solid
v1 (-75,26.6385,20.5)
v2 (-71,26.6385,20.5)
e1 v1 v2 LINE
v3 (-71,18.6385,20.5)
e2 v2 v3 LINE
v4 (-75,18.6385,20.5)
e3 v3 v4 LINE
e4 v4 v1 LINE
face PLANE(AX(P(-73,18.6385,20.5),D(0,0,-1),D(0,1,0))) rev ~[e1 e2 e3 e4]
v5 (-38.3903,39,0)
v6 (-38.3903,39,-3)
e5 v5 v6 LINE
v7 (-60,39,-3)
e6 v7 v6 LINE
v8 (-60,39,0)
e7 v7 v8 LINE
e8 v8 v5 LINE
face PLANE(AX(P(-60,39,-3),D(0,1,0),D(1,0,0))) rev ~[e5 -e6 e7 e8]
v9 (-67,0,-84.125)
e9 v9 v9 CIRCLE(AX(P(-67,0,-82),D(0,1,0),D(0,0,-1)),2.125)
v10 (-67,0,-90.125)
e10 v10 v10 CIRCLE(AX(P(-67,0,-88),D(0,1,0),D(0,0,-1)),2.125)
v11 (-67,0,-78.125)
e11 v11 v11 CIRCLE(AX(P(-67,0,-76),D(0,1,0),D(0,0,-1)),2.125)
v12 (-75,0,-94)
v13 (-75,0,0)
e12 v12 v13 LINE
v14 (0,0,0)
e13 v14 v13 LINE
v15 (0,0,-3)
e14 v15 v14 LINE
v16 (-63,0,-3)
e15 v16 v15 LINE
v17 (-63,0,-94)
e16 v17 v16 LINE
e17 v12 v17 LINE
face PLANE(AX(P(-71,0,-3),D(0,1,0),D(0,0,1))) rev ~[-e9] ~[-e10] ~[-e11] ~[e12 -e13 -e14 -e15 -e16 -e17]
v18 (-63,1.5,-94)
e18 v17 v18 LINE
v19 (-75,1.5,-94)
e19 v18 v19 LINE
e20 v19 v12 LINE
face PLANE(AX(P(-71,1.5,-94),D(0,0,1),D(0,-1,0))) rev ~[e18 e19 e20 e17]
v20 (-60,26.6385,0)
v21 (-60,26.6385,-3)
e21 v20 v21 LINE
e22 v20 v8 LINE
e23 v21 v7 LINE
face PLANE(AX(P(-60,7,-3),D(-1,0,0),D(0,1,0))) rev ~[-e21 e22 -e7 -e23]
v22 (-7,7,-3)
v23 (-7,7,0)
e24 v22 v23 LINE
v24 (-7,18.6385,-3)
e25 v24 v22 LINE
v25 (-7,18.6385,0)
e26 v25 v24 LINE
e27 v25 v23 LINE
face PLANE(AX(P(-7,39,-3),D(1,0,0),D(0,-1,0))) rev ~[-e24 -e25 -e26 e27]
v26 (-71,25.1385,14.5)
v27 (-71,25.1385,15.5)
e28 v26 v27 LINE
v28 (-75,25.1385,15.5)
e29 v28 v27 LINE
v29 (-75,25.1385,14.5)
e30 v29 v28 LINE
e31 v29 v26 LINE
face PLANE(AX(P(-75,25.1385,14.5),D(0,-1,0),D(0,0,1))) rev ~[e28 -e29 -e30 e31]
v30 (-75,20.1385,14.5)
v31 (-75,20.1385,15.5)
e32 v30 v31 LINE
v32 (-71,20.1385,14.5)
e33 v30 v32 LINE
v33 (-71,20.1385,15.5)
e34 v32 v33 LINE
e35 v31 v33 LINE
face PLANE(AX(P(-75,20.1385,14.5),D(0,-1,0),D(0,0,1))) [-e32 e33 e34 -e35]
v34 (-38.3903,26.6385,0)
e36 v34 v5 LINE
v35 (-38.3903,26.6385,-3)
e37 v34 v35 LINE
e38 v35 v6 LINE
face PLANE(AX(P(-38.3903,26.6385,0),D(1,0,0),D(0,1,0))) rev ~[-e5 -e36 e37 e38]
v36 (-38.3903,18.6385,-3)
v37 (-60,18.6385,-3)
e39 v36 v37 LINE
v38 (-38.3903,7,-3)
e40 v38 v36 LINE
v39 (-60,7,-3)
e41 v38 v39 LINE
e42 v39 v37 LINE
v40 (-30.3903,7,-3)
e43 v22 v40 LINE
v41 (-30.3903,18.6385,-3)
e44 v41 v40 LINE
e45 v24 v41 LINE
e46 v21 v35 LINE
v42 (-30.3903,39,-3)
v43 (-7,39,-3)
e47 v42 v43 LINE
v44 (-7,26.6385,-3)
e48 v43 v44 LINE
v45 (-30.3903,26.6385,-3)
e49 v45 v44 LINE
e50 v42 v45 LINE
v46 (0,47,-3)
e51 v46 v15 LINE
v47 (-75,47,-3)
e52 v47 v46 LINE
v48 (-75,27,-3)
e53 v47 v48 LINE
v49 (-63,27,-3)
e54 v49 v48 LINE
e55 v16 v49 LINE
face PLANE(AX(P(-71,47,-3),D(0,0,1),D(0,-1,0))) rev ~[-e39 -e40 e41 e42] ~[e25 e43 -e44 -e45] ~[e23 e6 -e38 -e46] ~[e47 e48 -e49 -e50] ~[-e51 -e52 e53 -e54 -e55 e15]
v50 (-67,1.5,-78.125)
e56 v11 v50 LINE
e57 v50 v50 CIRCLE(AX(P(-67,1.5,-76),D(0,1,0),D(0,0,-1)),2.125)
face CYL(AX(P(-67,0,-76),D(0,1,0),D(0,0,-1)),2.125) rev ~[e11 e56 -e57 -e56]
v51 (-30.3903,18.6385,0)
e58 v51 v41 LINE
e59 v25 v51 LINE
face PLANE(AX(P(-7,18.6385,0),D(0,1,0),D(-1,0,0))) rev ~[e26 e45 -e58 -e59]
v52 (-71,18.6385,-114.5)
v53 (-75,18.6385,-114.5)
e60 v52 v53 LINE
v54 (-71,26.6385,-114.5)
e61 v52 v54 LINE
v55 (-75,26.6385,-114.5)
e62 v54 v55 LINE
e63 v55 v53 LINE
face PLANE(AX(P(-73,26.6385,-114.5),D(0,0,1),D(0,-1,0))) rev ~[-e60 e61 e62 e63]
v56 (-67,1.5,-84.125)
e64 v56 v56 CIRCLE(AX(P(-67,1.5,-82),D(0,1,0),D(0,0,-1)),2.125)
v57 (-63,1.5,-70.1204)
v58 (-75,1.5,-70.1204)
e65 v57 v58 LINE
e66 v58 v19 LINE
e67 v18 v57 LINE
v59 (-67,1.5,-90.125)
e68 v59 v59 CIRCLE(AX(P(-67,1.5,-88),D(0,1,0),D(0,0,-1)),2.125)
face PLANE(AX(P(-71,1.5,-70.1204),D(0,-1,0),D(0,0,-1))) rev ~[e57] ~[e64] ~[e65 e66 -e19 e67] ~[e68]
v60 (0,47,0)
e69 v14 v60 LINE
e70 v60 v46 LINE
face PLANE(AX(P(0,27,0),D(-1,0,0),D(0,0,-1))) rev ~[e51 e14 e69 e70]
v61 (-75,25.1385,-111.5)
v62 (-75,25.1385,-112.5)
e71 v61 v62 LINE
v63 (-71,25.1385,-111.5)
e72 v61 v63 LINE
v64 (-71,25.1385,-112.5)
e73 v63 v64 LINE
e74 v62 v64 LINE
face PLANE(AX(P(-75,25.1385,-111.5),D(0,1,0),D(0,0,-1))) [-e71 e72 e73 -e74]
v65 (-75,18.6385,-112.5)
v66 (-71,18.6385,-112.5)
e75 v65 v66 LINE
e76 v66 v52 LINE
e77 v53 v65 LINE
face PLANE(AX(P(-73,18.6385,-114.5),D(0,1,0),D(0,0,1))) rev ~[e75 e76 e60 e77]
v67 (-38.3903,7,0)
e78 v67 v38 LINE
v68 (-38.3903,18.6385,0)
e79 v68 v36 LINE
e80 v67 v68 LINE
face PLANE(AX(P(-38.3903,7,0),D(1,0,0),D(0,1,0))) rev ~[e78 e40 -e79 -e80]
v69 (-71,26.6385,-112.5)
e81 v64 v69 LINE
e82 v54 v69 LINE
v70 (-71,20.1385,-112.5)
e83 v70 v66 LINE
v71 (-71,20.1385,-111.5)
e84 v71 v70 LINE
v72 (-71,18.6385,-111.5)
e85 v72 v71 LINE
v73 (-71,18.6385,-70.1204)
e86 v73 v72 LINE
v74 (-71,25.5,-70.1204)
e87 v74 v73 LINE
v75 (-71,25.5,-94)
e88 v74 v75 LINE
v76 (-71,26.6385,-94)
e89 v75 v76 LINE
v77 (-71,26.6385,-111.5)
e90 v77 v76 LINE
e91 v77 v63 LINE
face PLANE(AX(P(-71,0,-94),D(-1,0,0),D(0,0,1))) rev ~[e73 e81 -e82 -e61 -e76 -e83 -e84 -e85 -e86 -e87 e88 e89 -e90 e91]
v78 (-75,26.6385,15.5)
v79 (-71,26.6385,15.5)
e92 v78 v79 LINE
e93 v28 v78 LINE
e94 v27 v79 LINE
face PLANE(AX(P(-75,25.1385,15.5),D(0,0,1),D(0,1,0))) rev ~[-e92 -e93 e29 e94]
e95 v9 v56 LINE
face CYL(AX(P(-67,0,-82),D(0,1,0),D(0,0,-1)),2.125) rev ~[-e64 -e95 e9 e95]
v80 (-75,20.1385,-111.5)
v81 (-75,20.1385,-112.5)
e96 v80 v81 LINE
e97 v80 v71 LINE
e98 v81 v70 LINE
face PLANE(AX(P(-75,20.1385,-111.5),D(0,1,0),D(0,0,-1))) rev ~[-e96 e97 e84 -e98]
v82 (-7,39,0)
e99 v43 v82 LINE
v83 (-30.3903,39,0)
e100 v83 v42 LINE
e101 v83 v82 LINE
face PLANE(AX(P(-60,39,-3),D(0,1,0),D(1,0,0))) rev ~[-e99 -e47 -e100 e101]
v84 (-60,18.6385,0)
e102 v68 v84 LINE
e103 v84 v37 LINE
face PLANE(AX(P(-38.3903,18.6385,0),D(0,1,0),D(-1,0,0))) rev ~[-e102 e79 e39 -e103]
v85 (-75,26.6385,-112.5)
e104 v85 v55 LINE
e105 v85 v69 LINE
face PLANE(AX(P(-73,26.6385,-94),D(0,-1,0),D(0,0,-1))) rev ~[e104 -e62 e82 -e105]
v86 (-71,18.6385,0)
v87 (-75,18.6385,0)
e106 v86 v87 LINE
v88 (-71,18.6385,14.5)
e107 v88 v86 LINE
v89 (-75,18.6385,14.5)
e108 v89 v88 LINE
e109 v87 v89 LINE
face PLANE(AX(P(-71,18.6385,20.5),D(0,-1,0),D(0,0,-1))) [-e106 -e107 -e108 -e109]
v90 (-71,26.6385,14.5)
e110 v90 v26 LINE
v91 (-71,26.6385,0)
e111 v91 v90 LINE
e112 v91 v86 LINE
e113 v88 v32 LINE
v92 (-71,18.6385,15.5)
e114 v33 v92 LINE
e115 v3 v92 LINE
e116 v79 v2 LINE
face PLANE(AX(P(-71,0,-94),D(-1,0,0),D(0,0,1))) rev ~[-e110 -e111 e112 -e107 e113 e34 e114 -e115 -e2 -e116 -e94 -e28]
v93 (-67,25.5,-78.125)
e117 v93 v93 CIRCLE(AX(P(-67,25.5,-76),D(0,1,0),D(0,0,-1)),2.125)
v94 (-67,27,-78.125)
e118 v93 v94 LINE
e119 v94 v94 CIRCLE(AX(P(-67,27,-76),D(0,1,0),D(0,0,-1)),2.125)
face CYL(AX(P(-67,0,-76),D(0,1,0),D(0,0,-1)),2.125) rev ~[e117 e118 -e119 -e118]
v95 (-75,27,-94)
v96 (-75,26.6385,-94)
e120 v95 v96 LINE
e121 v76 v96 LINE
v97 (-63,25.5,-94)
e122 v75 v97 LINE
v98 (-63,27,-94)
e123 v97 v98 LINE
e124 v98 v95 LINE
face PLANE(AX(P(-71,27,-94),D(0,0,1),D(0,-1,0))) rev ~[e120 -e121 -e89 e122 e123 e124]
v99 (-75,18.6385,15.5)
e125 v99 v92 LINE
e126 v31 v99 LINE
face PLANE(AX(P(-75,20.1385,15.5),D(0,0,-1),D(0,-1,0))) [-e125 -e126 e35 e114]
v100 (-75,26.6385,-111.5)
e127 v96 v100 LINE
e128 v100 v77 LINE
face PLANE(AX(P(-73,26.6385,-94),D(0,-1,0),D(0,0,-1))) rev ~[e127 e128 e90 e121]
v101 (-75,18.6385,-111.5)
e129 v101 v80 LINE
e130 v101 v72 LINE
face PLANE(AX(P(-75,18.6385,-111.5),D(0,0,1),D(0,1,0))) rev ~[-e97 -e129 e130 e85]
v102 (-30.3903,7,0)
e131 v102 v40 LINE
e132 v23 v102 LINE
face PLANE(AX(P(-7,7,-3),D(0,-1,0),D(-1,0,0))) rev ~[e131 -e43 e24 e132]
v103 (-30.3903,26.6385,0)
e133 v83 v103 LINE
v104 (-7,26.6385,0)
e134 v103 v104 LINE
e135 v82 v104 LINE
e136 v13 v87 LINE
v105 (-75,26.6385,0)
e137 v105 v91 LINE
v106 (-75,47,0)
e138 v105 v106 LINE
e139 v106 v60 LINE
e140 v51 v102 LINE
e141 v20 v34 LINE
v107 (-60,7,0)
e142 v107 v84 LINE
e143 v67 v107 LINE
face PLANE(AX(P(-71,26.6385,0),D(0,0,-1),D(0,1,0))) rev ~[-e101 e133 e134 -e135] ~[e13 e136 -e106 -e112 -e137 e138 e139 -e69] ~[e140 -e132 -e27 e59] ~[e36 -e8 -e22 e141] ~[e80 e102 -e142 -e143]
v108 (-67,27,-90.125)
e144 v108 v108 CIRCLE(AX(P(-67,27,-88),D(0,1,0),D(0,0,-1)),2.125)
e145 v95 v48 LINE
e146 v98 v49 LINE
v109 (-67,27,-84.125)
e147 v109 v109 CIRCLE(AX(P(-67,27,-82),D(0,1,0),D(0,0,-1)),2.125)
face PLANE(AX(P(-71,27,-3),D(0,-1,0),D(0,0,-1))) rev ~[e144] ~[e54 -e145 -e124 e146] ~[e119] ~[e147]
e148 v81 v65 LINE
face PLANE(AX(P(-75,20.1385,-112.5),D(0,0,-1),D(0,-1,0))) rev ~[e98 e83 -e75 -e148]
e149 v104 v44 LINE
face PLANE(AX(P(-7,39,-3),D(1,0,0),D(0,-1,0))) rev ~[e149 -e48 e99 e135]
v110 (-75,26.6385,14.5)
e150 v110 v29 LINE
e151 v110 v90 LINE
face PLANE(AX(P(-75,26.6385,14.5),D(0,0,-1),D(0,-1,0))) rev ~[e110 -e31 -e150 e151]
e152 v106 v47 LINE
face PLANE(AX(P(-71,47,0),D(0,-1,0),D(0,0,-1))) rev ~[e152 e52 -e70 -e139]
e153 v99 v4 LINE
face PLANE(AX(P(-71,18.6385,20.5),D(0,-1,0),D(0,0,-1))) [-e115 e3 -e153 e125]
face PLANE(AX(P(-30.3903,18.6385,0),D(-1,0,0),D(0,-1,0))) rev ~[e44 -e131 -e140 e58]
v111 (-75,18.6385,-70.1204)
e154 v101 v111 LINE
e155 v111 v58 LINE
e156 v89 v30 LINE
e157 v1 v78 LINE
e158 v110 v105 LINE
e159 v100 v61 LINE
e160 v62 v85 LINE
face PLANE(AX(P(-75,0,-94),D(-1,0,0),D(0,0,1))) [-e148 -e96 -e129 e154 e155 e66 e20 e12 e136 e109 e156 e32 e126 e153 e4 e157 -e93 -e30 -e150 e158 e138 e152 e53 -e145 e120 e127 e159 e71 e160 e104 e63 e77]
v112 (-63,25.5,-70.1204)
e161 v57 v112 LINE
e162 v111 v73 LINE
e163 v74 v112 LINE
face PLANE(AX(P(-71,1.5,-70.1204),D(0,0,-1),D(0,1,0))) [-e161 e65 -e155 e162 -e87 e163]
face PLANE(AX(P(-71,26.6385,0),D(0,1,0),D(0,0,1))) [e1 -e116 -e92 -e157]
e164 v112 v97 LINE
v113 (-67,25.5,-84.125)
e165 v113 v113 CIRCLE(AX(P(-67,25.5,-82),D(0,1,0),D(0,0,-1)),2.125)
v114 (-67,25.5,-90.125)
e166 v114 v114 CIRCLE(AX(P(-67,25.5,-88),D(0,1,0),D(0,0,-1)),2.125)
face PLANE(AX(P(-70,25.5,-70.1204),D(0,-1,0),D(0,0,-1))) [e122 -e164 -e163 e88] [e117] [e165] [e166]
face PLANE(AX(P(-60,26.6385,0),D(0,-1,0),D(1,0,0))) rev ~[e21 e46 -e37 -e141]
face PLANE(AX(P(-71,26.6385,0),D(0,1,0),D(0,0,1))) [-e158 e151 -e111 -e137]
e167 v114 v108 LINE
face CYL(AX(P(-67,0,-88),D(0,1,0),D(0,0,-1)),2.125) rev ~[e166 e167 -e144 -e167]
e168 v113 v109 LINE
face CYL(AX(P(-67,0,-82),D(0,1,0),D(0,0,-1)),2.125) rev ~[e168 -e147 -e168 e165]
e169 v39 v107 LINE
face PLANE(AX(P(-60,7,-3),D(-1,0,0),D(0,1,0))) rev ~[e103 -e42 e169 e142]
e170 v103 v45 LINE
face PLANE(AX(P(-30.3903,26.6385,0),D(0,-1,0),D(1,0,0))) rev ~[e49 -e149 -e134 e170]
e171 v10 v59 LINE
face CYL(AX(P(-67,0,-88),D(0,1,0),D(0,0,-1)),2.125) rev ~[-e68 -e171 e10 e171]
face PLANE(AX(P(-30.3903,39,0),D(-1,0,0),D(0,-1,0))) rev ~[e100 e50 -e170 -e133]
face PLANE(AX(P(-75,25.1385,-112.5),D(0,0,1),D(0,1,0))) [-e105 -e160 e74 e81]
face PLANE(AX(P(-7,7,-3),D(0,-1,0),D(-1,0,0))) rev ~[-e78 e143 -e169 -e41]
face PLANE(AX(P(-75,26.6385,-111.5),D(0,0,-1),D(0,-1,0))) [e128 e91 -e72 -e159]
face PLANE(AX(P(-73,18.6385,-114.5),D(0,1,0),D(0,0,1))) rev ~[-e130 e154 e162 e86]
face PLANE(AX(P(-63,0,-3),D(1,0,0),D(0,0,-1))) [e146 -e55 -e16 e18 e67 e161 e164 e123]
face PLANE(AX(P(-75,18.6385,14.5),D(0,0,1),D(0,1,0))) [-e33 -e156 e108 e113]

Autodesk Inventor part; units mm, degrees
ref_plane "YZ Plane" through (0, 0, 0) normal (1, 0, 0) x (0, 1, 0)
ref_plane "XZ Plane" through (0, 0, 0) normal (0, 1, 0) x (-1, 0, 0)
ref_plane "XY Plane" through (0, 0, 0) normal (0, 0, 1) x (1, 0, 0)
sketch "Sketch3" plane through (0, 0, 0) normal (0, 1, 0) x (-1, 0, 0)
  line L0 (0, 0) -> (70, 0)
  line L1 (70, 0) -> (70, -70)
  line L2 (70, -70) -> (70, -94)
  line L3 (70, -94) -> (64, -94)
  line L4 (64, -94) -> (64, -70)
  line L5 (64, -3) -> (0, -3)
  line L6 (0, -3) -> (0, 0)
  line L7 (64, -70) -> (67, -70)
  line L8 (67, -70) -> (67, -3)
  line L9 (67, -3) -> (64, -3)
  circle A0 centre (67, -82) radius 2.125
  circle A1 centre (67, -76) radius 2.125
  circle A2 centre (67, -88) radius 2.125
  dimension "d26" = 70
  dimension "d27" = 70
  dimension "d29" = 6
  dimension "d55" = 4.25
  dimension "d56" = 4.25
  dimension "d57" = 4.25
  dimension "d59" = 6
  dimension "d60" = 6
  dimension "d61" = 6
extrude "Extrusion2" add sketch "Sketch3" along normal blind 27 contours L0 L1 L2 L3 L4 L7 L8 L9 L5 L6 | A0 | A1 | A2
sketch "Sketch4" plane through (0, 27, 0) normal (0, 1, 0) x (1, 0, 0)
  line L0 (-70, 0) -> (0, 0) projected
  line L1 (0, 0) -> (0, 3) projected
  line L2 (-70, 0) -> (0, 0)
  line L3 (0, 0) -> (0, 3)
  line L4 (0, 3) -> (-70, 3)
  line L5 (-70, 3) -> (-70, 0)
extrude "Extrusion3" add sketch "Sketch4" along normal blind 20
sketch "Sketch5" plane through (-70, 0, -94) normal (-1, 0, 0) x (0, 0, 1)
  line L0 (-0.1204, 1.5) -> (23.8796, 1.5)
  line L1 (23.8796, 1.5) -> (23.8796, 25.5)
  line L2 (23.8796, 25.5) -> (-0.1204, 25.5)
  line L3 (-0.1204, 25.5) -> (-0.1204, 1.5)
  line L4 (94, 0) -> (0, 0) projected
  dimension "d36" = 24
  dimension "d37" = 24
  dimension "d38" = 1.5
extrude "Extrusion4" cut sketch "Sketch5" against normal blind 10
sketch "Sketch9" plane through (0, 0, -3) normal (0, 0, -1) x (-1, 0, 0)
  line L0 (7, 7) -> (60, 7)
  line L1 (60, 7) -> (60, 39)
  line L2 (60, 39) -> (7, 39)
  line L3 (7, 39) -> (7, 7)
  line L4 (0, 0) -> (0, 47) projected
  line L5 (67, 0) -> (0, 0) projected
  dimension "d45" = 53
  dimension "d46" = 32
  dimension "d47" = 7
  dimension "d48" = 7
extrude "Extrusion5" cut sketch "Sketch9" against normal blind 10
sketch "Sketch10" plane through (-70, 0, 0) normal (0, 0, 1) x (1, 0, 0)
  line L0 (10, 39) -> (10, 7) projected
  line L1 (63, 7) -> (63, 39) projected
  line L2 (63, 26.6385) -> (63, 18.6385)
  line L3 (10, 18.6385) -> (10, 26.6385)
  line L4 (63, 39) -> (10, 39) projected
  line L5 (10, 7) -> (63, 7) projected
  line L6 (31.6097, 39) -> (39.6097, 39)
  line L7 (39.6097, 39) -> (39.6097, 7)
  line L8 (39.6097, 7) -> (31.6097, 7)
  line L9 (31.6097, 7) -> (31.6097, 18.6385)
  line L10 (31.6097, 26.6385) -> (31.6097, 39)
  line L11 (10, 26.6385) -> (31.6097, 26.6385)
  line L12 (39.6097, 26.6385) -> (63, 26.6385)
  line L13 (63, 18.6385) -> (39.6097, 18.6385)
  line L14 (31.6097, 18.6385) -> (10, 18.6385)
  point P0 (70, 0)
  dimension "d51" = 8
  dimension "d52" = 8
extrude "Extrusion6" add sketch "Sketch10" against normal blind 3 contours L11 L10 L4 L7 L5 L9 L14 L0 | L12 L1 L13 L7
sketch "Sketch11" plane through (0, 0, 0) normal (0, -1, 0) x (1, 0, 0)
  point P0 (0, 0)
sketch "Sketch12" plane through (0, 0, 0) normal (0, -1, 0) x (1, 0, 0)
  circle A0 centre (-67, -82) radius 2.125
  circle A1 centre (-67, -76) radius 2.125
  circle A2 centre (-67, -88) radius 2.125
  line L0 (-64, -70) -> (-67, -70) projected
  point P0 (0, 0)
  dimension "d62" = 4.25
  dimension "d63" = 4.25
  dimension "d64" = 4.25
  dimension "d65" = 6
  dimension "d66" = 6
  dimension "d67" = 6
hole "Hole2" at (-67, 0, -88) at (-67, 0, -82) at (-67, 0, -76) direction (0, 1, 0) diameter 4.25 end through all
sketch "Sketch15" plane through (-67, 0, -3) normal (1, 0, 0) x (0, 0, -1)
  line L0 (67, 0) -> (67, 27) projected
  line L1 (67, 0) -> (0, 0) projected
  line L2 (67, 0) -> (0, 0)
  line L3 (0, 0) -> (0, 27) projected
  line L4 (0, 0) -> (0, 27)
  line L5 (0, 27) -> (67, 27)
  line L6 (67.1204, 25.5) -> (67.1204, 1.5) projected
  line L7 (67.1204, 25.5) -> (67.1204, 1.5)
  line L8 (67.1204, 1.5) -> (67, 0)
  line L9 (67, 27) -> (67, 0)
  point P0 (-3, 0)
extrude "Extrusion7" add sketch "Sketch15" along normal blind 3
sketch "Sketch18" plane through (-64, 0, -3) normal (1, 0, 0) x (0, 0, -1)
  line L0 (0, 0) -> (0, 27) projected
  line L1 (0, 27) -> (0, 0)
  line L2 (91, 0) -> (0, 0) projected
  line L3 (0, 0) -> (91, 0)
  line L4 (91, 0) -> (91, 1.5) projected
  line L5 (91, 0) -> (91, 1.5)
  line L6 (67.1204, 1.5) -> (67.1204, 25.5) projected
  line L7 (91, 1.5) -> (67.1204, 1.5)
  line L8 (67.1204, 25.5) -> (67.1204, 1.5) projected
  line L9 (67.1204, 1.5) -> (67.1204, 25.5)
  line L10 (67.1204, 25.5) -> (91, 25.5) projected
  line L11 (67.1204, 25.5) -> (91, 25.5)
  line L12 (91, 27) -> (0, 27) projected
  line L13 (91, 25.5) -> (91, 27)
  line L14 (91, 27) -> (0, 27)
  point P0 (-3, 0)
extrude "Extrusion8" add sketch "Sketch18" along normal blind 1
sketch "Sketch19" plane through (-70, 0, -94) normal (-1, 0, 0) x (0, 0, 1)
  line L0 (94, 47) -> (94, 0)
  line L1 (91, 0) -> (0, 0) projected
  line L2 (94, 0) -> (0, 0)
  line L3 (0, 0) -> (0, 1.5) projected
  line L4 (0, 0) -> (0, 1.5)
  line L5 (23.8796, 25.5) -> (23.8796, 1.5) projected
  line L6 (0, 1.5) -> (23.8796, 1.5)
  line L7 (23.8796, 1.5) -> (23.8796, 25.5)
  line L8 (23.8796, 25.5) -> (0, 25.5) projected
  line L9 (23.8796, 25.5) -> (0, 25.5)
  line L10 (0, 27) -> (91, 27) projected
  line L11 (0, 25.5) -> (0, 27)
  line L12 (0, 27) -> (91, 27)
  line L13 (91, 27) -> (91, 47) projected
  line L14 (91, 27) -> (91, 47)
  line L15 (91, 47) -> (94, 47) projected
  line L16 (91, 47) -> (94, 47)
extrude "Extrusion9" add sketch "Sketch19" along normal blind 1
sketch "Sketch20" plane through (-71, 0, -94) normal (-1, 0, 0) x (0, 0, 1)
  line L0 (94, 26.6385) -> (94, 39) projected
  line L1 (94, 26.6385) -> (114.5, 26.6385)
  line L2 (114.5, 26.6385) -> (114.5, 18.6385)
  line L3 (94, 18.6385) -> (94, 7) projected
  line L4 (114.5, 18.6385) -> (94, 18.6385)
  line L5 (94, 18.6385) -> (0, 18.6385)
  line L6 (0, 18.6385) -> (-20.5, 18.6385)
  line L7 (-20.5, 18.6385) -> (-20.5, 26.6385)
  line L8 (-20.5, 26.6385) -> (94, 26.6385)
  point P0 (94, 0)
  dimension "d81" = 20.5
  dimension "d82" = 94
  dimension "d83" = 20.5
  dimension "d84" = 180
extrude "Extrusion10" add sketch "Sketch20" along normal blind 2
sketch "Sketch21" plane through (-71, 0, -94) normal (-1, 0, 0) x (0, 0, 1)
  line L0 (94, 18.6385) -> (94, 7) projected
  line L1 (94, 0) -> (94, 18.6385)
  line L2 (94, 18.6385) -> (23.8796, 18.6385) projected
  line L3 (94, 18.6385) -> (23.8796, 18.6385)
  line L4 (23.8796, 1.5) -> (23.8796, 25.5) projected
  line L5 (23.8796, 18.6385) -> (23.8796, 1.5)
  line L6 (91, 0) -> (0, 0) projected
  line L7 (23.8796, 1.5) -> (0, 1.5) projected
  line L8 (23.8796, 1.5) -> (0, 1.5)
  line L9 (0, 1.5) -> (0, 0) projected
  line L10 (0, 1.5) -> (0, 0)
  line L11 (0, 0) -> (94, 0)
extrude "Extrusion11" add sketch "Sketch21" along normal blind 2
sketch "Sketch22" plane through (-71, 0, -94) normal (-1, 0, 0) x (0, 0, 1)
  line L0 (91, 27) -> (0, 27) projected
  line L1 (0, 27) -> (0, 26.6385) projected
  line L2 (0, 27) -> (0, 26.6385)
  line L3 (0, 25.5) -> (0, 27) projected
  line L4 (94, 26.6385) -> (94, 47) projected
  line L5 (0, 26.6385) -> (94, 26.6385)
  line L6 (94, 26.6385) -> (94, 47)
  line L7 (94, 47) -> (91, 47) projected
  line L8 (94, 47) -> (91, 47)
  line L9 (91, 47) -> (91, 27) projected
  line L10 (91, 47) -> (91, 27)
  line L11 (91, 27) -> (0, 27)
  point P0 (94, 0)
extrude "Extrusion12" add sketch "Sketch22" along normal blind 2
sketch "Sketch23" plane through (-73, 0, -94) normal (-1, 0, 0) x (0, 0, 1)
  line L0 (94, 0) -> (94, 47) projected
  line L1 (94, 18.6385) -> (94, 26.6385) projected
  line L2 (94, 0) -> (94, 18.6385)
  line L3 (114.5, 18.6385) -> (114.5, 26.6385) projected
  line L4 (94, 18.6385) -> (114.5, 18.6385)
  line L5 (114.5, 18.6385) -> (114.5, 26.6385)
  line L6 (114.5, 26.6385) -> (94, 26.6385)
  line L7 (94, 26.6385) -> (94, 47)
  line L8 (94, 47) -> (91, 47) projected
  line L9 (94, 47) -> (91, 47)
  line L10 (0, 27) -> (91, 27) projected
  line L11 (91, 47) -> (91, 27)
  line L12 (91, 26.6385) -> (91, 39) projected
  line L13 (91, 27) -> (0, 27)
  line L14 (0, 26.6385) -> (-20.5, 26.6385) projected
  line L15 (0, 27) -> (0, 26.6385)
  line L16 (0, 25.5) -> (0, 27) projected
  line L17 (0, 26.6385) -> (-20.5, 26.6385)
  line L18 (-20.5, 26.6385) -> (-20.5, 18.6385) projected
  line L19 (-20.5, 26.6385) -> (-20.5, 18.6385)
  line L20 (-20.5, 18.6385) -> (23.8796, 18.6385) projected
  line L21 (-20.5, 18.6385) -> (23.8796, 18.6385)
  line L22 (23.8796, 18.6385) -> (23.8796, 1.5) projected
  line L23 (23.8796, 18.6385) -> (23.8796, 1.5)
  line L24 (0, 1.5) -> (0, 0) projected
  line L25 (23.8796, 1.5) -> (0, 1.5)
  line L26 (0, 1.5) -> (0, 0)
  line L27 (0, 0) -> (94, 0) projected
  line L28 (0, 0) -> (94, 0)
extrude "Extrusion13" add sketch "Sketch23" along normal blind 2
sketch "Sketch24" plane through (-75, 0, -94) normal (-1, 0, 0) x (0, 0, 1)
  line L0 (-17.5, 26.6385) -> (-17.5, 25.1385)
  line L1 (-17.5, 25.1385) -> (-18.5, 25.1385)
  line L2 (-18.5, 25.1385) -> (-18.5, 26.6385)
  line L3 (-17.5, 26.6385) -> (-17.5, 25.1385)
  line L4 (-17.5, 26.6385) -> (-18.5, 26.6385)
  line L5 (-20.5, 26.6385) -> (0, 26.6385) projected
  line L6 (-20.5, 18.6385) -> (-20.5, 26.6385) projected
  line L7 (-20.5, 22.6385) -> (-27.0892, 22.6385)
  line L8 (-17.5, 18.6385) -> (-17.5, 20.1385)
  line L9 (-17.5, 20.1385) -> (-18.5, 20.1385)
  line L10 (-18.5, 20.1385) -> (-18.5, 18.6385)
  line L11 (-17.5, 18.6385) -> (-18.5, 18.6385)
  line L12 (91, 0) -> (0, 0) projected
  line L13 (45.5, 0) -> (45.5, 18.6385)
  line L14 (108.5, 26.6385) -> (108.5, 25.1385)
  line L15 (108.5, 25.1385) -> (109.5, 25.1385)
  line L16 (109.5, 25.1385) -> (109.5, 26.6385)
  line L17 (108.5, 18.6385) -> (108.5, 20.1385)
  line L18 (108.5, 20.1385) -> (109.5, 20.1385)
  line L19 (109.5, 20.1385) -> (109.5, 18.6385)
  line L20 (108.5, 18.6385) -> (109.5, 18.6385)
  line L21 (108.5, 26.6385) -> (109.5, 26.6385)
  line L22 (94, 26.6385) -> (114.5, 26.6385) projected
  point P0 (94, 0)
  dimension "d93" = 17.5
  dimension "d94" = 1.5
  dimension "d95" = 1
extrude "Extrusion14" cut sketch "Sketch24" against normal through all
properties part number "GrapperRight"
